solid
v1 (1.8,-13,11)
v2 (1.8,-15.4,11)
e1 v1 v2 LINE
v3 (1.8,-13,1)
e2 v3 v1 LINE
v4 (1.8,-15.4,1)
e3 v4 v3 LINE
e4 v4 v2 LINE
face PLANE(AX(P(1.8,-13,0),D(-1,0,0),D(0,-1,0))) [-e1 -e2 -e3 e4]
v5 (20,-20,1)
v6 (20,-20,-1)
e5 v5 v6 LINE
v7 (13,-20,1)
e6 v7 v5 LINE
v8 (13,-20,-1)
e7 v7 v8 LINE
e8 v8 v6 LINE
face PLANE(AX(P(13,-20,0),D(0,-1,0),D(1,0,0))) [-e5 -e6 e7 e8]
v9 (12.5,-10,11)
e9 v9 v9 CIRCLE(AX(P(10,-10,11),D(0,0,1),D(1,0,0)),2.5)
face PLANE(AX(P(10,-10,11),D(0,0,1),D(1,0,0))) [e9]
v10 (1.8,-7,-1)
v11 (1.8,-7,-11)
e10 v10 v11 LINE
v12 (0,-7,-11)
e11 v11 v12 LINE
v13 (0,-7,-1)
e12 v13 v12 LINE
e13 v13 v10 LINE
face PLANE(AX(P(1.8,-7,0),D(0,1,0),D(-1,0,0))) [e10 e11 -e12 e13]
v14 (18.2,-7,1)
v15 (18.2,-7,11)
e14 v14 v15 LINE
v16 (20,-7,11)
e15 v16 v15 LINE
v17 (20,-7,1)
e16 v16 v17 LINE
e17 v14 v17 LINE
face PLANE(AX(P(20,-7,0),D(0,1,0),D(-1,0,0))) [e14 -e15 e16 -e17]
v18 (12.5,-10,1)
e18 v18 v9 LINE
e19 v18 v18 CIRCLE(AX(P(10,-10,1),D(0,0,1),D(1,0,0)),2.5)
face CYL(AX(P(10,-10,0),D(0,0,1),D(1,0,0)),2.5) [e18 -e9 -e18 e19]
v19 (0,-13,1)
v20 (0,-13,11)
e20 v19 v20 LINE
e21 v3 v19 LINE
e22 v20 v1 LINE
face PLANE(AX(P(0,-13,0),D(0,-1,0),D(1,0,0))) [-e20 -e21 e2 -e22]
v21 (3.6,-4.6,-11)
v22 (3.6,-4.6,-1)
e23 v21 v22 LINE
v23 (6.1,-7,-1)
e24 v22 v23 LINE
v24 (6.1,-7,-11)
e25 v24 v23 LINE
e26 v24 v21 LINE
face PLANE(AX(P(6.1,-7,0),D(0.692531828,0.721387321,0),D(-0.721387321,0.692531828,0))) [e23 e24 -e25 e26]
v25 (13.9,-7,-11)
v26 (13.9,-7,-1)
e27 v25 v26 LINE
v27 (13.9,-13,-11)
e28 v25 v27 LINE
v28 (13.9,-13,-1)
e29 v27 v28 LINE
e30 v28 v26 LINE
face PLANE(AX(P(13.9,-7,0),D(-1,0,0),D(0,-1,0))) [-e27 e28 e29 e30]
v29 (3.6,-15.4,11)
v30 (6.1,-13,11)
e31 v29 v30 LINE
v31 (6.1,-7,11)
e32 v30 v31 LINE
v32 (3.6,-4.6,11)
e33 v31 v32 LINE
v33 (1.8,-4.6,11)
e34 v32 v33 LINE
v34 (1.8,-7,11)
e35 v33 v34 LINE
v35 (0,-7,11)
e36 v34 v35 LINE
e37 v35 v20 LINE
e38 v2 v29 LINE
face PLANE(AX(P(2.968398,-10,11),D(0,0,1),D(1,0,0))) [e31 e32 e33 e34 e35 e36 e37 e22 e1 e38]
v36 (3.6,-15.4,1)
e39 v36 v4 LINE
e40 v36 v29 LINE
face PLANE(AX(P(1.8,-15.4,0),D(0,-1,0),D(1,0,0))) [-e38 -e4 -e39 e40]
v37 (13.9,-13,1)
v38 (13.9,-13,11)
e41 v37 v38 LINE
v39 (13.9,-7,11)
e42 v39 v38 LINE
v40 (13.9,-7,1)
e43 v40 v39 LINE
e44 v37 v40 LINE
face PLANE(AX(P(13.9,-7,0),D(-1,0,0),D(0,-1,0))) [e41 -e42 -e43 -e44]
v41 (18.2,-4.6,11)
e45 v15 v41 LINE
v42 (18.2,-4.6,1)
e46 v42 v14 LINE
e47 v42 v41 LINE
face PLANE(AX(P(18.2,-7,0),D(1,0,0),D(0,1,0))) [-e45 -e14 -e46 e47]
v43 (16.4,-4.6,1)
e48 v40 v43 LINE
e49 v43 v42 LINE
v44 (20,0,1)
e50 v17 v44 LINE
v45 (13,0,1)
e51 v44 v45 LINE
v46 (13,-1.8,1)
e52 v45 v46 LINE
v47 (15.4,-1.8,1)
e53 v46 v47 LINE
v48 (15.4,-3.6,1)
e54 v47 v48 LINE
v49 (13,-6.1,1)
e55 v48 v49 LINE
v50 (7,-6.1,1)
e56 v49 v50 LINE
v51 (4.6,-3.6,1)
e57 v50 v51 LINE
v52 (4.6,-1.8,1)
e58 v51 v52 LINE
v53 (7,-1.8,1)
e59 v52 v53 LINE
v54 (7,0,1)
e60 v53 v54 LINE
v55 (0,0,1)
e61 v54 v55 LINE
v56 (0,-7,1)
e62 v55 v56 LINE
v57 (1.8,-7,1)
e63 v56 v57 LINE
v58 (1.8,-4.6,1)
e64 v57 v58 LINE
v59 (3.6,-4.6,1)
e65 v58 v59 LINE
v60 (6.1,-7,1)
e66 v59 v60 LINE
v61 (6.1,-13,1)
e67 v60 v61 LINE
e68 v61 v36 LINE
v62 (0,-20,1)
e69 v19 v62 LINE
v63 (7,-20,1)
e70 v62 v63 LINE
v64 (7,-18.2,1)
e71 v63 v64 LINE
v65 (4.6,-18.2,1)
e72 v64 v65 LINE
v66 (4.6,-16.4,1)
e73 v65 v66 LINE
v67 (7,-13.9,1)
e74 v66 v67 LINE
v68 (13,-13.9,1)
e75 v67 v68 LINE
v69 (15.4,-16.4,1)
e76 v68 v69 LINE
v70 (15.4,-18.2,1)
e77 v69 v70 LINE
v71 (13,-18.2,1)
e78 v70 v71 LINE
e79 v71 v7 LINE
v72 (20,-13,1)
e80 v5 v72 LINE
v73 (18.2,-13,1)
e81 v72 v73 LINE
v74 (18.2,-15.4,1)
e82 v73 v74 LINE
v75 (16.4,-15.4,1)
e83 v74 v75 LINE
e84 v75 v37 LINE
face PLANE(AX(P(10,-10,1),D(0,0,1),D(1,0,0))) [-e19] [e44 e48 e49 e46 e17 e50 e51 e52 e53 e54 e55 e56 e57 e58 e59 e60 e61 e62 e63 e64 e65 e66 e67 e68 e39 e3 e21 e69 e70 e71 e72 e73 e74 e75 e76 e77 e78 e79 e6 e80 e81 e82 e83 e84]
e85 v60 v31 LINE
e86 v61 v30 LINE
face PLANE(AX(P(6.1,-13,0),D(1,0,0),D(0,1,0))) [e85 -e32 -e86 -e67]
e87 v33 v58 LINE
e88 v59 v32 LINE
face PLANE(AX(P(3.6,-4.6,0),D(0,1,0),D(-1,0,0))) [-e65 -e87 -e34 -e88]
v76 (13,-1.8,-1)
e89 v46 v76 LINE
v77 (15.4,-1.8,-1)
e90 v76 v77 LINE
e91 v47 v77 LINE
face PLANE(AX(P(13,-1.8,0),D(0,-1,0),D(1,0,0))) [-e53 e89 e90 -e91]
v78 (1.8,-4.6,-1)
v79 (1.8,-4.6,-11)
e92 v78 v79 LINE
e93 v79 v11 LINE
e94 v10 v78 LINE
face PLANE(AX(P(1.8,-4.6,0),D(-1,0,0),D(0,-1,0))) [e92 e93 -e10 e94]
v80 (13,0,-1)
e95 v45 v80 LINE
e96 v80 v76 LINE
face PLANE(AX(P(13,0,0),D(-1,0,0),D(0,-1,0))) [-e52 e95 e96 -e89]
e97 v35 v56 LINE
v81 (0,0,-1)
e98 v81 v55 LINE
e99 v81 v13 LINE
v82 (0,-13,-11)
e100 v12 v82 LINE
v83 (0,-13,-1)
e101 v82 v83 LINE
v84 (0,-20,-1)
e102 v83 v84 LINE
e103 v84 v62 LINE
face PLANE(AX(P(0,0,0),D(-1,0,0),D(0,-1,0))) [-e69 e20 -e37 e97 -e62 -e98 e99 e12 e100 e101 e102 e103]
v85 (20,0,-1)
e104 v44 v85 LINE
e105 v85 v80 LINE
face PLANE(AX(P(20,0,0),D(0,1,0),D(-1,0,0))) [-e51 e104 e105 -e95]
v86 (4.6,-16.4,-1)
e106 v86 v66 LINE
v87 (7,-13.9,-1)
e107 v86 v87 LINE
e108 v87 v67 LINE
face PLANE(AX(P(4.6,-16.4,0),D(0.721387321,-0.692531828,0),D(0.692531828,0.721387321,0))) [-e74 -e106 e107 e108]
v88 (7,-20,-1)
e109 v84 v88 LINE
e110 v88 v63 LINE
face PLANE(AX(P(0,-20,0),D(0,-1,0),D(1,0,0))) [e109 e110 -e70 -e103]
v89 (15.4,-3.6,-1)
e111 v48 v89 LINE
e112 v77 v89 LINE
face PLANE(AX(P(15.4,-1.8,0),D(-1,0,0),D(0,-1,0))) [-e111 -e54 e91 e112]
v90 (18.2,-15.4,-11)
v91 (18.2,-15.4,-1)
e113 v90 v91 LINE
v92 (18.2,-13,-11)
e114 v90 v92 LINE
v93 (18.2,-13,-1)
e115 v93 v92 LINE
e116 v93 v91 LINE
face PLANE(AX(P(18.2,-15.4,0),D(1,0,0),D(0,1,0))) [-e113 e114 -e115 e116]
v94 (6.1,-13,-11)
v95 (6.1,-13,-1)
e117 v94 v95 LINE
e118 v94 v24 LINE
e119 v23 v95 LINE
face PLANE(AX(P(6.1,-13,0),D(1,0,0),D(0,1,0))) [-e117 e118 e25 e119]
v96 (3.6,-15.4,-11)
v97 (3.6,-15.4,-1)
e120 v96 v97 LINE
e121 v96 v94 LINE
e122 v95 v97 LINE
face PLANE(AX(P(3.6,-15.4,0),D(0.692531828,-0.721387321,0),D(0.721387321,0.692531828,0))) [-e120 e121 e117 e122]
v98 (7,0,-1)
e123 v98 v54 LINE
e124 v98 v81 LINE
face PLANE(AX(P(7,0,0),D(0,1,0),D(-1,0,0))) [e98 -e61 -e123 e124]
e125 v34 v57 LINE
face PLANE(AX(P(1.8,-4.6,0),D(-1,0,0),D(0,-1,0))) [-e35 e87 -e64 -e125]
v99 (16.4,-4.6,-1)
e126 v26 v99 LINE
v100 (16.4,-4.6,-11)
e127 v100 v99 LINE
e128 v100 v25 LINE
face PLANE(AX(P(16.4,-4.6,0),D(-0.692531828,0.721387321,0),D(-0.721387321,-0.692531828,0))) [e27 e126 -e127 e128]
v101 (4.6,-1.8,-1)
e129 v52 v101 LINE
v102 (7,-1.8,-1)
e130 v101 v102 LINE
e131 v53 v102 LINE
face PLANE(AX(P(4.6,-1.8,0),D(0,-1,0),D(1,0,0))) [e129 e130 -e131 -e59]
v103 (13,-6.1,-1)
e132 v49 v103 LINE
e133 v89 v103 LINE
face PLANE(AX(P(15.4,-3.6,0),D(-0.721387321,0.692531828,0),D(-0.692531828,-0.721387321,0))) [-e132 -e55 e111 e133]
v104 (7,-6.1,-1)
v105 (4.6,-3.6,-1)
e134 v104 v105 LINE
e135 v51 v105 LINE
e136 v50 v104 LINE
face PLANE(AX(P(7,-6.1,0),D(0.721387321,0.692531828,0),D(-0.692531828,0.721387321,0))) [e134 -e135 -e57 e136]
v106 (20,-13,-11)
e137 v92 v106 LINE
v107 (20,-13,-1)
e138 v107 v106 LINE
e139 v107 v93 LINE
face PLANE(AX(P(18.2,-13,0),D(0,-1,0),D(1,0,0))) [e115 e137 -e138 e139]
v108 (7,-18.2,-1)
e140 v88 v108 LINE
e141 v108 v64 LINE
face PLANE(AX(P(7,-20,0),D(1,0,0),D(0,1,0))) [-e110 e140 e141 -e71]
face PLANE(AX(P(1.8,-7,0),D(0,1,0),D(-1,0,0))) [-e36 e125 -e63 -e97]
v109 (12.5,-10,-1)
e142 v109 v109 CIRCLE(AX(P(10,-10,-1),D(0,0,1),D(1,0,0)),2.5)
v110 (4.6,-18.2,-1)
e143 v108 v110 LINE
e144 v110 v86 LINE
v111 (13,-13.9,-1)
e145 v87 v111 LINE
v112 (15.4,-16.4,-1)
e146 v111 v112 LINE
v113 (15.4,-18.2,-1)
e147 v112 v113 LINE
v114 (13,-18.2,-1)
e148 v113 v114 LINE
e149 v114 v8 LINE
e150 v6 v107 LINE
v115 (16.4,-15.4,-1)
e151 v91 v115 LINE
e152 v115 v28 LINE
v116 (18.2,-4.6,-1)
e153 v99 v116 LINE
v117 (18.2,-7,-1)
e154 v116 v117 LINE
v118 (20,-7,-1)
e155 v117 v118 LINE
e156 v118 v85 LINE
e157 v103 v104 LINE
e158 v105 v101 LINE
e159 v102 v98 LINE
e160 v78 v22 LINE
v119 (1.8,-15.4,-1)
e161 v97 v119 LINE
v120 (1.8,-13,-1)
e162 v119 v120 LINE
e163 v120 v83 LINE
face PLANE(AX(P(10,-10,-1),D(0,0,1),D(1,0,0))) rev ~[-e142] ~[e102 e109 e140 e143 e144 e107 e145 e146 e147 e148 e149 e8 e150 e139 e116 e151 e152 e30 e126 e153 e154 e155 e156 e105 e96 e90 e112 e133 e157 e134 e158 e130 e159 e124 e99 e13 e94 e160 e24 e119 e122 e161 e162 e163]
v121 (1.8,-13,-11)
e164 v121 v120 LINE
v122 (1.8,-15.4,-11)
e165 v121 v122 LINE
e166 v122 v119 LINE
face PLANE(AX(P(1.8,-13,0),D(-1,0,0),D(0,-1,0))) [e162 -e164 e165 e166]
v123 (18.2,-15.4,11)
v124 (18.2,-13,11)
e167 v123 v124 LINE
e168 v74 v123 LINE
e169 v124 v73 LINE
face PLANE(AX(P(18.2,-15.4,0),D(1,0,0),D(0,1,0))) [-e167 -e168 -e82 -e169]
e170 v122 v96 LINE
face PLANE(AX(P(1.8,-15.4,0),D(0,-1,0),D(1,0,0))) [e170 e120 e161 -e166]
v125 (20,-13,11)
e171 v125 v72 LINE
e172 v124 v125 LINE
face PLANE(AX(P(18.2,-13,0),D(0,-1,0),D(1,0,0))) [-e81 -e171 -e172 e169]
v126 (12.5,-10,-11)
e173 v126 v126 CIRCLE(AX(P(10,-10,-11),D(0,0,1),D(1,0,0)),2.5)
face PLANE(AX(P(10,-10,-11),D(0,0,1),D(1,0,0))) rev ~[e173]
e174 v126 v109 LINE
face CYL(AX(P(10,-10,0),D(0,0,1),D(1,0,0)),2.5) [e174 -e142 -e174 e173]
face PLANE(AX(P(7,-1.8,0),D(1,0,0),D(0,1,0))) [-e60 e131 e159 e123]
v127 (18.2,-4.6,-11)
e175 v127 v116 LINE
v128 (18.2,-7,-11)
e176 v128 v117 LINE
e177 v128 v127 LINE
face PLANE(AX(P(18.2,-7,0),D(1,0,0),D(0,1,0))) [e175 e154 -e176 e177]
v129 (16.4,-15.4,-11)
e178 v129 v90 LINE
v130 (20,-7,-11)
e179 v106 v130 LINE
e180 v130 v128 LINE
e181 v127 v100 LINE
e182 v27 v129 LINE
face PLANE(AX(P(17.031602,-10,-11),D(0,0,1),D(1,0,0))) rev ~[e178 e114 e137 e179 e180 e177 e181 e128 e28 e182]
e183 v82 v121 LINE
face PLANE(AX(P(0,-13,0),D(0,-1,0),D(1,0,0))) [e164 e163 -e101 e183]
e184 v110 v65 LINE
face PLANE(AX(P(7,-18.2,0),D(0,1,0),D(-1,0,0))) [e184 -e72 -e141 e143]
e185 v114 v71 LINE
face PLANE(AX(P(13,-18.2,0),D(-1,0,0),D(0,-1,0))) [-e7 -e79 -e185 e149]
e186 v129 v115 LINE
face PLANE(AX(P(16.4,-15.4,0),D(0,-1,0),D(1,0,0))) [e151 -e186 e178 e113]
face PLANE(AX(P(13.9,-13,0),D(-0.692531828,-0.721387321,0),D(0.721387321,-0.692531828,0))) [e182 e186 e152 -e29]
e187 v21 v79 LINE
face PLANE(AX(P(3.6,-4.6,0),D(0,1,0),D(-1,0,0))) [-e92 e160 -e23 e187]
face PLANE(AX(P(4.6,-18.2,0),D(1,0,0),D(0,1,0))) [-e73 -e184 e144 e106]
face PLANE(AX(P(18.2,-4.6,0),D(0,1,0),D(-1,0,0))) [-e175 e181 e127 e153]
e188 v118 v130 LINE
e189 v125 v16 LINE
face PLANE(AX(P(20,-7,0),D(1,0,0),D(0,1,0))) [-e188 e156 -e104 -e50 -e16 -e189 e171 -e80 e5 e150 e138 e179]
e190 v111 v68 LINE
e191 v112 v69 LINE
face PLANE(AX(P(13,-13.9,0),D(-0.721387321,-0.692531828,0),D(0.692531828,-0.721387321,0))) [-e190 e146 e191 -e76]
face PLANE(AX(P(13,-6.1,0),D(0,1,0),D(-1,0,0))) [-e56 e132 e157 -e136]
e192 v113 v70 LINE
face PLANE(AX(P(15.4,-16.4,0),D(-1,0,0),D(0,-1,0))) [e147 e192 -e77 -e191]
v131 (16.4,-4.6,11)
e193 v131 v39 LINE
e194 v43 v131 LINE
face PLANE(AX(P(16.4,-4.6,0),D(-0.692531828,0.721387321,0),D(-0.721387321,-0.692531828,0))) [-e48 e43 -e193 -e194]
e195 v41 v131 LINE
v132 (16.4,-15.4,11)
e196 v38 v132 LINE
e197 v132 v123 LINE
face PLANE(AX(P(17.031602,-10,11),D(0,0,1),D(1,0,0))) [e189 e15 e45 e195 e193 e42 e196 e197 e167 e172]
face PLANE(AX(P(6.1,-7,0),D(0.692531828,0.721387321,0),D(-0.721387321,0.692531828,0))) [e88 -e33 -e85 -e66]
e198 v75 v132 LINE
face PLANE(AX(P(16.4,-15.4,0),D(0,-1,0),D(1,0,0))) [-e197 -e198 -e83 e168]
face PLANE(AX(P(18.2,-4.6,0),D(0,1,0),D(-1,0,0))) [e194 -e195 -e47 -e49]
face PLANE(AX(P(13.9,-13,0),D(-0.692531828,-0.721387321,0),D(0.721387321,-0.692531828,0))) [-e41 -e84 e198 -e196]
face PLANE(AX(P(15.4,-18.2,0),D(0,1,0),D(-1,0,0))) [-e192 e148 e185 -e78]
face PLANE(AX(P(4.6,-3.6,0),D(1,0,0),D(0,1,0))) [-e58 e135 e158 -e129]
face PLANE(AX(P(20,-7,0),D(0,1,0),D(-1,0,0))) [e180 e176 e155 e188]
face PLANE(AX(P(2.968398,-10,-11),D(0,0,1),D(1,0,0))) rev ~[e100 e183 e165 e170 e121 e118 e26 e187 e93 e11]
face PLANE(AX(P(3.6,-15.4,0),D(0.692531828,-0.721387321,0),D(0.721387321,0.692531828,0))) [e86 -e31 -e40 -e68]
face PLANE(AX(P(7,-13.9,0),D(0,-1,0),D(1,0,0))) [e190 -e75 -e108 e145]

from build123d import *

# Parameters (mm, degrees)
BOSS_EXTRUDE1_DEPTH   = 11
BOSS_EXTRUDE1_2_DEPTH = 11
SKETCH1_R             = 2.5
BOSS_EXTRUDE1_3_DEPTH = 11
SKETCH1_11_R          = 2.5
BOSS_EXTRUDE2_DEPTH   = 1


with BuildPart() as part:
    # Sketch1 → Boss-Extrude1 (new, symmetric)
    with BuildSketch(Plane.XY):
        Polygon((0, -7), (0, -13), (1.8, -13), (1.8, -15.4), (3.6, -15.4), (6.1, -13), (6.1, -7), (3.6, -4.6), (1.8, -4.6), (1.8, -7), align=None)
    extrude(amount=BOSS_EXTRUDE1_DEPTH, both=True)



with BuildPart() as body_2:
    # Sketch1 → Boss-Extrude1 2 (new, symmetric)
    with BuildSketch(Plane.XY):
        Polygon((20, -7), (18.2, -7), (18.2, -4.6), (16.4, -4.6), (13.9, -7), (13.9, -13), (16.4, -15.4), (18.2, -15.4), (18.2, -13), (20, -13), align=None)
    extrude(amount=BOSS_EXTRUDE1_2_DEPTH, both=True)


with BuildPart() as body_3:
    # Sketch1 → Boss-Extrude1 3 (new, symmetric)
    with BuildSketch(Plane.XY):
        with Locations((10, -10)):
            Circle(SKETCH1_R)
    extrude(amount=BOSS_EXTRUDE1_3_DEPTH, both=True)


with BuildPart() as part_1:
    add(part.part)

    add(body_2.part)  # Boss-Extrude2 merges body 2

    add(body_3.part)  # Boss-Extrude2 merges body 3
    # Sketch1<11> → Boss-Extrude2 (add, symmetric)
    with BuildSketch(Plane.XY):
        Polygon((7, -1.8), (7, 0), (0, 0), (0, -7), (0.4, -7), (1.8, -7), (1.8, -4.6), (2.2, -4.6), (3.6, -4.6), (6.1, -7), (6.1, -13), (3.6, -15.4), (1.8, -15.4), (1.8, -13), (0.4, -13), (0, -13), (0, -20), (7, -20), (7, -18.2), (4.6, -18.2), (4.6, -16.4), (7, -13.9), (7.016, -13.9), (13, -13.9), (15.4, -16.4), (15.4, -18.2), (13, -18.2), (13, -19.6), (13, -20), (20, -20), (20, -13), (18.2, -13), (18.2, -15), (18.2, -15.4), (16.4, -15.4), (13.9, -13), (13.9, -12.6), (13.9, -7), (16.4, -4.6), (18.2, -4.6), (18.2, -7), (20, -7), (20, -6.6), (20, 0), (13, 0), (13, -1.8), (15.4, -1.8), (15.4, -3.6), (13, -6.1), (7, -6.1), (4.6, -3.6), (4.6, -1.8), align=None)
        with Locations((10, -10)):
            Circle(SKETCH1_11_R, mode=Mode.SUBTRACT)
    extrude(amount=BOSS_EXTRUDE2_DEPTH, both=True)


solid = part_1.part
